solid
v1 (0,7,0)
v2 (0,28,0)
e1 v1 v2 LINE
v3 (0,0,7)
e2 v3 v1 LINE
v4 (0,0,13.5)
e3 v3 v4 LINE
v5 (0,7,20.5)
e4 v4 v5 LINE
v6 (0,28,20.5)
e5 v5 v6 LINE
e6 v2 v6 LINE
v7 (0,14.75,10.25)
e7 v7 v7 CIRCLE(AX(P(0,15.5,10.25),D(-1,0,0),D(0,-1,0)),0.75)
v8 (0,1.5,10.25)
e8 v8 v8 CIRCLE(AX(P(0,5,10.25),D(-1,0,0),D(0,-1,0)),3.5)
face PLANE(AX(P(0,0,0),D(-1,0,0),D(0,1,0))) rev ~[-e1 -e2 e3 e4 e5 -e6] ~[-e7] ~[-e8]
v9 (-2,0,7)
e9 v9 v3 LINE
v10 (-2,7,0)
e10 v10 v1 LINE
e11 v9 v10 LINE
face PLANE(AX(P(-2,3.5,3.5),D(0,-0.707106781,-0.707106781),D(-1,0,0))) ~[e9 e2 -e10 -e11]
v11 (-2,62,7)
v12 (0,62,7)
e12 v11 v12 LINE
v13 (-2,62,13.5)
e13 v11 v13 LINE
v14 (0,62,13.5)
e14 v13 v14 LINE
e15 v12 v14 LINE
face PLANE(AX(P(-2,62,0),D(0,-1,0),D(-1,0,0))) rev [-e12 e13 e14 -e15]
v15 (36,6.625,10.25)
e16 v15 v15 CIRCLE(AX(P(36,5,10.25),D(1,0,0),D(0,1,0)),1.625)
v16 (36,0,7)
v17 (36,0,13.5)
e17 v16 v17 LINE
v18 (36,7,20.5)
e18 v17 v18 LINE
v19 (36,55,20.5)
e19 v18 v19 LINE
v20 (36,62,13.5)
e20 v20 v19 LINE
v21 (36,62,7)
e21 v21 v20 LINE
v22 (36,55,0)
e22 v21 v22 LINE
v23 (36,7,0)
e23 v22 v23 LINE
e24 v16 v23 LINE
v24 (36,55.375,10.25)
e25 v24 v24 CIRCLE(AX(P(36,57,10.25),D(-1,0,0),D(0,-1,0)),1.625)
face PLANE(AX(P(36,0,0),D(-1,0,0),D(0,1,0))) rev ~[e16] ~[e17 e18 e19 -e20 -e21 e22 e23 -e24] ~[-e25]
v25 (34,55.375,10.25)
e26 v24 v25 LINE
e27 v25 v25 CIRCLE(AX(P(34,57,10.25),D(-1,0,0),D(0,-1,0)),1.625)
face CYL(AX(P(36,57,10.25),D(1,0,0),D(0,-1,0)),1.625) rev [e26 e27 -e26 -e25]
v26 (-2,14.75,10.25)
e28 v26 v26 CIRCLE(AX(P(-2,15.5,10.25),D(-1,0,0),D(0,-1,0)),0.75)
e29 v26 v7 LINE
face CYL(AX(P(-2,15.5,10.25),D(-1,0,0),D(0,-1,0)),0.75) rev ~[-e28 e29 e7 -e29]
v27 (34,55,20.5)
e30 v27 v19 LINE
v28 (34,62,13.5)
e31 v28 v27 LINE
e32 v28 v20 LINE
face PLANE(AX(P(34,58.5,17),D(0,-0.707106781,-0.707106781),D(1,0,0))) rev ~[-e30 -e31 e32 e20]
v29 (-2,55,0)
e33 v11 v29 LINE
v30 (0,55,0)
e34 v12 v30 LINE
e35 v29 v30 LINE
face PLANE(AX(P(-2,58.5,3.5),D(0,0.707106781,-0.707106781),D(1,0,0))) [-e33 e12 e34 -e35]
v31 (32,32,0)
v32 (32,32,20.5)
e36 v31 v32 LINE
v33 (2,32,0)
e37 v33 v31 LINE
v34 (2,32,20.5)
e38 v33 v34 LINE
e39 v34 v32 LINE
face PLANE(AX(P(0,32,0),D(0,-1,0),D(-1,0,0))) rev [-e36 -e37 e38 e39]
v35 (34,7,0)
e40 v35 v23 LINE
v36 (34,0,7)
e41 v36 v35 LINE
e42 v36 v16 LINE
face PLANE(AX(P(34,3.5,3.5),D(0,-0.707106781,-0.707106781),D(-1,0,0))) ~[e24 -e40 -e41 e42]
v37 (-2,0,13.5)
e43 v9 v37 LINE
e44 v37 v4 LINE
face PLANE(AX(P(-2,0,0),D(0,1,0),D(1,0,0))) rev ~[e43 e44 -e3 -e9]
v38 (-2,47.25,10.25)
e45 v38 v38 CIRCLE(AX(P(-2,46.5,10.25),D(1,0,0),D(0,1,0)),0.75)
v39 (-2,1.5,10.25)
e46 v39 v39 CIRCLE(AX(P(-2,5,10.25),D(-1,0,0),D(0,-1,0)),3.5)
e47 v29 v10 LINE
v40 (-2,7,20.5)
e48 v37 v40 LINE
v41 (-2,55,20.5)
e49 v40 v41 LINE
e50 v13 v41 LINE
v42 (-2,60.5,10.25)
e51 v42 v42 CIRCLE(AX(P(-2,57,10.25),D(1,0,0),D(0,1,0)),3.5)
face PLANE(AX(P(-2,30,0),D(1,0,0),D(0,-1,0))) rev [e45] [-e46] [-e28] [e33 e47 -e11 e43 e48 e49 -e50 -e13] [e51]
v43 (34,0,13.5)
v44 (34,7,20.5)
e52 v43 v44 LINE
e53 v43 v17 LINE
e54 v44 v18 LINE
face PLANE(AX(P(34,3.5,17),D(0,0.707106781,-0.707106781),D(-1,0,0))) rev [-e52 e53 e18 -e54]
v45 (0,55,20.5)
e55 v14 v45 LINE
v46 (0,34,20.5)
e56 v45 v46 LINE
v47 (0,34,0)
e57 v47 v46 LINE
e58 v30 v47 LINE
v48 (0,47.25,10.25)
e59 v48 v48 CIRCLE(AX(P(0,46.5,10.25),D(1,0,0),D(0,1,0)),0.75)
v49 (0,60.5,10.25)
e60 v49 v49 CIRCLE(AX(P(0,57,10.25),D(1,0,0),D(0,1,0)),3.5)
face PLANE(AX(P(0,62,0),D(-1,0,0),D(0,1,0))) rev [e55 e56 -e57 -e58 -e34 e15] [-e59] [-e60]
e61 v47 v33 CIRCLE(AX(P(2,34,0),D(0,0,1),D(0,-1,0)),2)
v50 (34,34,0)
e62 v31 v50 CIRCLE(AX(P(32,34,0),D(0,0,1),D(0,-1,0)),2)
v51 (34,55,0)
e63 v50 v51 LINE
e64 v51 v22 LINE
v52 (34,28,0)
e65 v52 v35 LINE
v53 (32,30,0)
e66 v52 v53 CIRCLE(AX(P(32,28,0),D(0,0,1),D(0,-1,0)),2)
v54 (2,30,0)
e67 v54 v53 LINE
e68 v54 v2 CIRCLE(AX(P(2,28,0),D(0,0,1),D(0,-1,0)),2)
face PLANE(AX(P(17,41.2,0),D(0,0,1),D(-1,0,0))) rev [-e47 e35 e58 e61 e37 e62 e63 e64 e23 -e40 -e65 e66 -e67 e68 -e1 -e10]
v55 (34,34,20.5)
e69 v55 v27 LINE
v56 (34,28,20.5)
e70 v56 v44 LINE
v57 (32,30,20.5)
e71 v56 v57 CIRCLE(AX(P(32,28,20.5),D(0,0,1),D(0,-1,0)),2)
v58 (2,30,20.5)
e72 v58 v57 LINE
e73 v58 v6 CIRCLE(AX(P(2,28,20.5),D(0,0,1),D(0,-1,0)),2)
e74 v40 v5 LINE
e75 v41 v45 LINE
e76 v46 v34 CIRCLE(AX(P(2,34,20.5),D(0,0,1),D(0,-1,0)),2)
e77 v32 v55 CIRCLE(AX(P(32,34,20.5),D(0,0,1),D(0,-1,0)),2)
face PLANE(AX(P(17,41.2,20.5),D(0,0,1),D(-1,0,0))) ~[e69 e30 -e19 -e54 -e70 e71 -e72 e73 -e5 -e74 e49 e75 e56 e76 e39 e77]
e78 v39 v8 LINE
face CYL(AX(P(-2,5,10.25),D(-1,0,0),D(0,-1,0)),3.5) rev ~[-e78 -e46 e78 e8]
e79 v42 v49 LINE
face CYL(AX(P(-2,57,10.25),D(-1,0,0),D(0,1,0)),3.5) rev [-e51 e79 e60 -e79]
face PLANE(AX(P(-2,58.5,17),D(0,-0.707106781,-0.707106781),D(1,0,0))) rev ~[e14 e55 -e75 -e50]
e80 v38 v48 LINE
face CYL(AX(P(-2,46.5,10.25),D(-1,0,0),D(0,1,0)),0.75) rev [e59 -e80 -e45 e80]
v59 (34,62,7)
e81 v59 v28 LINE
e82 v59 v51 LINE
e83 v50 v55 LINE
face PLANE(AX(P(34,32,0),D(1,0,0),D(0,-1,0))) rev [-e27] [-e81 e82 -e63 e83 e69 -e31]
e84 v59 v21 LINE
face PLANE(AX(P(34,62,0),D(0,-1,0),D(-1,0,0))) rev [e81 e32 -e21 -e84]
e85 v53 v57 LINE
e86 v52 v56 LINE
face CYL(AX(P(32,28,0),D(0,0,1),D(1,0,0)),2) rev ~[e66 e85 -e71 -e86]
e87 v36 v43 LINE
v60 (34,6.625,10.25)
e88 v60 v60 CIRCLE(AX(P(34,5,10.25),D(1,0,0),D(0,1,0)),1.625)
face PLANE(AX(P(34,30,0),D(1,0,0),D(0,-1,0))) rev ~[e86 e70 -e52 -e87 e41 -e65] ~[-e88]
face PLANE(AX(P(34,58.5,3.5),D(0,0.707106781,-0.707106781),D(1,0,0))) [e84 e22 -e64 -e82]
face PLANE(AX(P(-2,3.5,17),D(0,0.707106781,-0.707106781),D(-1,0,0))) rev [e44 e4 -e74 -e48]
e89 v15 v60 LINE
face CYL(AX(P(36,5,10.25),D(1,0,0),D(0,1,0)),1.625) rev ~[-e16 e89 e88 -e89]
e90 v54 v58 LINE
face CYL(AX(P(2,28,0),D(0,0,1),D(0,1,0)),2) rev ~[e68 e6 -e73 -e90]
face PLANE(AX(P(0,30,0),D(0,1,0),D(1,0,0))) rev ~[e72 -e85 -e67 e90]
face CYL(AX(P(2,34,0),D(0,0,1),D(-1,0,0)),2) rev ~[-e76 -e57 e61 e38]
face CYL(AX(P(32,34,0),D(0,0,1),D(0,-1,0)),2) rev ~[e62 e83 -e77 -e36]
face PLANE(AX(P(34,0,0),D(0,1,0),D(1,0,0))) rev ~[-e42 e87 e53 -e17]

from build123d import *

# Parameters (mm, degrees)
F1_DEPTH = 20.5
F2_SIZE  = 7
F3_R     = 3.5
F3_R_2   = 0.75
F4_DEPTH = 25
F5_R     = 1.625
F6_DEPTH = 25
F9_R     = 2


with BuildPart() as f1:
    # F0 (on Top) → F1 (new body)
    with BuildSketch(Plane.XY):
        Polygon((-2, 0), (0, 0), (0, 30), (34, 30), (34, 0), (36, 0), (36, 32), (-2, 32), align=None)
    extrude(amount=F1_DEPTH)

    # F2
    f2_edges = [f1.edges().sort_by_distance(p)[0] for p in [
        (-1, 0, 0),
        (-1, 0, 20.5),
        (35, 0, 0),
        (35, 0, 20.5),
    ]]
    chamfer(f2_edges, length=F2_SIZE)

    # F3 (on face) → F4 (cut)
    with BuildSketch(Plane(origin=(-2, 0, 0), x_dir=(0, -1, 0), z_dir=(-1, 0, 0))):
        with Locations((-5, 10.25)):
            Circle(F3_R)
        with Locations((-15.5, 10.25)):
            Circle(F3_R_2)
    extrude(amount=-F4_DEPTH, mode=Mode.SUBTRACT)

    # F5 (on face) → F6 (cut)
    with BuildSketch(Plane.YZ.offset(36)):
        with Locations((5, 10.25)):
            Circle(F5_R)
    extrude(amount=-F6_DEPTH, mode=Mode.SUBTRACT)

    # F8: F1 across plane


with BuildPart() as f1_1:
    add(f1.part)
    add(f1.part.mirror(Plane(origin=(17, 31, 10.25), x_dir=(-1, 0, 0), z_dir=(0, 1, 0))))

    # F9
    f9_edges = [f1_1.edges().sort_by_distance(p)[0] for p in [
        (0, 30, 10.25),
        (0, 32, 10.25),
        (34, 32, 10.25),
        (34, 30, 10.25),
    ]]
    fillet(f9_edges, radius=F9_R)


solid = f1_1.part
